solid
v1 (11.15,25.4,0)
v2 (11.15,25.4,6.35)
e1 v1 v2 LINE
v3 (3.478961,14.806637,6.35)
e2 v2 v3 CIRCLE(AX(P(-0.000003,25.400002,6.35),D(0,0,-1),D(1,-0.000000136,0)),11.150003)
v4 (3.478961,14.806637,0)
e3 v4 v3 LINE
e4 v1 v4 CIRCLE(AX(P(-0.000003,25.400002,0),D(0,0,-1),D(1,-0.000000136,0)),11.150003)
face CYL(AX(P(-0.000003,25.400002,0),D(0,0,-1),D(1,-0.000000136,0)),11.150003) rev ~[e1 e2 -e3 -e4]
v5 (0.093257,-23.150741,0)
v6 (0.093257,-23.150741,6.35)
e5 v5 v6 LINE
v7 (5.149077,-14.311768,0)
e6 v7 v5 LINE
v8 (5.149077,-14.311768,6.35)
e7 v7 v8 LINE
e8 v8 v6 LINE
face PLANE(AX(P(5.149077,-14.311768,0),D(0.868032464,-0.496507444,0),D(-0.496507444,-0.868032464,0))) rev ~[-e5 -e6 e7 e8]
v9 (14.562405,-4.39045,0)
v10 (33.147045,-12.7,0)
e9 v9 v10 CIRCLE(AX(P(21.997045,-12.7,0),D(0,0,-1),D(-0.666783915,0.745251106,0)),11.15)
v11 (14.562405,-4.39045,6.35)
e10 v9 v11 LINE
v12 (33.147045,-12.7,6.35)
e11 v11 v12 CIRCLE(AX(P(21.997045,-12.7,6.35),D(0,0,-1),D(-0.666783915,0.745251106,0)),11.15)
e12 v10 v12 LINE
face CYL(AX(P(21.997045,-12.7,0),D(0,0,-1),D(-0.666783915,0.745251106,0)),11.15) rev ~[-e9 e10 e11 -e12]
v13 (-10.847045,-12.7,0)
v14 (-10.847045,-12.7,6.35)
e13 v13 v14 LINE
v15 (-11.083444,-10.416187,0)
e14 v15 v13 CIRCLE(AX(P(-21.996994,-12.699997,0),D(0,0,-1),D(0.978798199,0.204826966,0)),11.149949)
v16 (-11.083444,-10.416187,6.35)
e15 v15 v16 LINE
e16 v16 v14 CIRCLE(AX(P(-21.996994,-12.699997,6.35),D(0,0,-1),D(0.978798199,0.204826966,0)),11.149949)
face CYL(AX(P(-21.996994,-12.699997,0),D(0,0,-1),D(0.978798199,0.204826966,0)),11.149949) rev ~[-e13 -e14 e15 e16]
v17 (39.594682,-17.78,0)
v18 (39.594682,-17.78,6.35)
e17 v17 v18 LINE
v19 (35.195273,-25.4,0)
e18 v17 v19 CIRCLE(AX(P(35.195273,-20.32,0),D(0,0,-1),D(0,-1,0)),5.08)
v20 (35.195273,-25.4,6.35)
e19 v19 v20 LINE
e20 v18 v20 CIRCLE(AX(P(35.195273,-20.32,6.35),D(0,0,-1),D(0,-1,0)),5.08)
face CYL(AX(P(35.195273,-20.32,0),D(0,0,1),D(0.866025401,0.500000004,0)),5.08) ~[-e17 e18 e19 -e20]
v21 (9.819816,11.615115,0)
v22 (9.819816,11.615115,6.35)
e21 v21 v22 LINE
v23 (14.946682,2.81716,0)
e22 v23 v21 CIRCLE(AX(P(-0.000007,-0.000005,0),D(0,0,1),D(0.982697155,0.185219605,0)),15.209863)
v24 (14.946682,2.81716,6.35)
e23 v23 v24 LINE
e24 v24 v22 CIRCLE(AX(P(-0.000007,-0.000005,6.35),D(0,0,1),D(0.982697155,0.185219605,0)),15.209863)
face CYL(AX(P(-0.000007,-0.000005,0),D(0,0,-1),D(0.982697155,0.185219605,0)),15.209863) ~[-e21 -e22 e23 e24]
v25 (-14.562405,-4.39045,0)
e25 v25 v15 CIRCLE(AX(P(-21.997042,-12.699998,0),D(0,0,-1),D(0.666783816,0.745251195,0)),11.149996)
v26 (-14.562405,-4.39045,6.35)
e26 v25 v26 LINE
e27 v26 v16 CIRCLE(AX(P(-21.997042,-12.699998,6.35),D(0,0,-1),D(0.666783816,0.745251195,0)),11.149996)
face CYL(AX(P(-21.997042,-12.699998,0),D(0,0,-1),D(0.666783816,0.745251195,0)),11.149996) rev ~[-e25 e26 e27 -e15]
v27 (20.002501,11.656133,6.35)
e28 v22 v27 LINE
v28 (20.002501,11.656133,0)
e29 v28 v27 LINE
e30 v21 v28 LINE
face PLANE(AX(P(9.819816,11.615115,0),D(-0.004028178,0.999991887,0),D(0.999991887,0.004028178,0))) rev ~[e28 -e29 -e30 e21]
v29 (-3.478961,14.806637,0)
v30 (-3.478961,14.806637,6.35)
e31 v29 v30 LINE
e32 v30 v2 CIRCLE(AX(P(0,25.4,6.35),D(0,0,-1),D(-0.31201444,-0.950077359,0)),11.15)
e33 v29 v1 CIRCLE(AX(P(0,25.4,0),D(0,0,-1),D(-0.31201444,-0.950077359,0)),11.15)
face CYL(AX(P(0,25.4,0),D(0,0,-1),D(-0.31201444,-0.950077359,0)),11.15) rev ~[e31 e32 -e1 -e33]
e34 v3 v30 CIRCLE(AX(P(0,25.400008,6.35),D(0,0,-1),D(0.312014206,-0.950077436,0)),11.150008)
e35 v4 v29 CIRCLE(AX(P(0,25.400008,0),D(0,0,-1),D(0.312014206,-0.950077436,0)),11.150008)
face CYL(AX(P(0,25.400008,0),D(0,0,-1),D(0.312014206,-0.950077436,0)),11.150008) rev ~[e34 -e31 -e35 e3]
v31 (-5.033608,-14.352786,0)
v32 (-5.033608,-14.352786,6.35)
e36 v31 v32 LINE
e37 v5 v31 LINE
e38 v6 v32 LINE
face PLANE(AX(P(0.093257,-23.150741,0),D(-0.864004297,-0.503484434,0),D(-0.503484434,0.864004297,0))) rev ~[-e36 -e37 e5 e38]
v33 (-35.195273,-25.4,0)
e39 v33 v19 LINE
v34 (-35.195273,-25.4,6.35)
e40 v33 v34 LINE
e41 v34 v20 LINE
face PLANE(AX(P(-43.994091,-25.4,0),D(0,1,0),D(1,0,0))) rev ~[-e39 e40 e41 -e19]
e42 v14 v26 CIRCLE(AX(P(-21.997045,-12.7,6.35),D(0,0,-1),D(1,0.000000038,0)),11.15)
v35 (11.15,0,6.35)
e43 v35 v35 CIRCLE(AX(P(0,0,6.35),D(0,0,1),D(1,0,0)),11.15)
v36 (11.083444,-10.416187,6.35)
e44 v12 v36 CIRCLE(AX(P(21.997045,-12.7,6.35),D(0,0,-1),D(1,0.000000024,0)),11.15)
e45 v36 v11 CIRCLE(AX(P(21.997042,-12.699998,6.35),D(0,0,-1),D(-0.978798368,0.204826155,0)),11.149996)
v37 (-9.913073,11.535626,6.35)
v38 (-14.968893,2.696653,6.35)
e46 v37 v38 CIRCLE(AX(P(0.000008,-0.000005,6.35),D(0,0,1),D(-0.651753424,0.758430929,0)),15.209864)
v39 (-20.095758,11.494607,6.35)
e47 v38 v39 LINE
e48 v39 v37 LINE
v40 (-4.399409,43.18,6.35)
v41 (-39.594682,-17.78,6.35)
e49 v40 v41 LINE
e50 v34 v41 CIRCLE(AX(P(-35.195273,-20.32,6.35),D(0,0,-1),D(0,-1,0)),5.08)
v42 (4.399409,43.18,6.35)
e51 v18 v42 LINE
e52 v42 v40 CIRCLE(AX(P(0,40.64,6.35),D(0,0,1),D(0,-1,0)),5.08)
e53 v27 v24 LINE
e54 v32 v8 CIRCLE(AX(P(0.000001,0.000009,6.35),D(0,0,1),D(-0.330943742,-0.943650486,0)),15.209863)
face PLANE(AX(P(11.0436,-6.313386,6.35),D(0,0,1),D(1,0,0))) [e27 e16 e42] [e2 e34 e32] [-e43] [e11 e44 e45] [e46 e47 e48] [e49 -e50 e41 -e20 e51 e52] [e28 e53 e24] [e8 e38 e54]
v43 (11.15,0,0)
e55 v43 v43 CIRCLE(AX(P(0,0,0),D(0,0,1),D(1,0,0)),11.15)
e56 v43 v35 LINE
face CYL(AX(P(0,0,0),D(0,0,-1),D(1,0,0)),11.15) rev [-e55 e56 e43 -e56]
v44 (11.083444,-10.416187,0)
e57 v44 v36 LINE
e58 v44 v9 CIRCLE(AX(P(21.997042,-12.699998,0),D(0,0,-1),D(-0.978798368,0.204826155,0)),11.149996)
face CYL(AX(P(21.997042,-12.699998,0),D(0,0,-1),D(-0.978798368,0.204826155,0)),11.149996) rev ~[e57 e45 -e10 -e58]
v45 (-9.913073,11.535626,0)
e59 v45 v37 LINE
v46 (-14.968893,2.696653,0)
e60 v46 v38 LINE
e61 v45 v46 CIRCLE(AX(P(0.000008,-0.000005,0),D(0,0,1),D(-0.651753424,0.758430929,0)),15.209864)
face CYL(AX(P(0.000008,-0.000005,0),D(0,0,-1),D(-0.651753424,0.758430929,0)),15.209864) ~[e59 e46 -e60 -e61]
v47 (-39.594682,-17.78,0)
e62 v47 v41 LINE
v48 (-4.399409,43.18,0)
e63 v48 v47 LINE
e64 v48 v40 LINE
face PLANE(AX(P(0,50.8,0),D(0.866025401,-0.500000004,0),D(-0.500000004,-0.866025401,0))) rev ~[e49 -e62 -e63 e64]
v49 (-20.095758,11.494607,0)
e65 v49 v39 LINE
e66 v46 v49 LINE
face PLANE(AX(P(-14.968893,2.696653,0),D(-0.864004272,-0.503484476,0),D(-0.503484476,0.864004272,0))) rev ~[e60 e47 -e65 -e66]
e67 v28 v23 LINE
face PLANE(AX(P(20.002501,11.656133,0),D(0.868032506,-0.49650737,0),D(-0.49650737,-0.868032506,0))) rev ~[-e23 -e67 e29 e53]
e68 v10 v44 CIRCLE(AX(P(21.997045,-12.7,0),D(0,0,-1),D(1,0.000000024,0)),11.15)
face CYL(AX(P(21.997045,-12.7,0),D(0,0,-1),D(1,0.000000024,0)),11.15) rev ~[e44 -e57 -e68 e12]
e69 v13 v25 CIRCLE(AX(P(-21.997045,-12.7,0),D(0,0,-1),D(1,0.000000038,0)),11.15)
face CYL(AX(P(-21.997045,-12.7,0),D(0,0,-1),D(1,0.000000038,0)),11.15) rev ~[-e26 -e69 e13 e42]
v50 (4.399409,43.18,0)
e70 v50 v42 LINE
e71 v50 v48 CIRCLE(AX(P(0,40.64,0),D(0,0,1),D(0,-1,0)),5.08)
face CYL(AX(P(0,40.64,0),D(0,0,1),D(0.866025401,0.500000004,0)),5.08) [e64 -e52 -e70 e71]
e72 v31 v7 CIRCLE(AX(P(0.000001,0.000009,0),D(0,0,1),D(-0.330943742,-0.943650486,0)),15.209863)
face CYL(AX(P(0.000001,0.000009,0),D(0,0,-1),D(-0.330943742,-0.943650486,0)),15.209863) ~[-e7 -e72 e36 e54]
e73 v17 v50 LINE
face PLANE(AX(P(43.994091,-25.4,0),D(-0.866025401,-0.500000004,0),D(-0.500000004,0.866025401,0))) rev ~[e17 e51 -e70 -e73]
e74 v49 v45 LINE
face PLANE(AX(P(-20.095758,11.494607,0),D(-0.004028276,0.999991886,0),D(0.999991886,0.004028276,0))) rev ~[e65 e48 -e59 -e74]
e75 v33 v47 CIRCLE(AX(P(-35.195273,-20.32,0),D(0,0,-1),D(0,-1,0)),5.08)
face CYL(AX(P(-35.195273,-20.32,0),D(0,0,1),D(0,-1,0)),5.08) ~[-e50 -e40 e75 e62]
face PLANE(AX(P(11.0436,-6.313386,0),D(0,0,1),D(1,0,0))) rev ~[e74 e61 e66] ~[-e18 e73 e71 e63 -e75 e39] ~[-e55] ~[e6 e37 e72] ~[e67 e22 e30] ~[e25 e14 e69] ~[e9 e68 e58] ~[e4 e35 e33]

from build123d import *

# Parameters (mm, degrees)
F1_DEPTH = 6.35
F0_R     = 11.15
F2_DEPTH = 6.35
F3_R     = 5.08


with BuildPart() as f1:
    # F0 (on Top) → F1 (new body)
    with BuildSketch(Plane.XY):
        Polygon((43.994091, -25.4), (0, 50.8), (-43.994091, -25.4), align=None)
        with BuildLine():
            ThreePointArc((-3.478961, 14.806637), (-6.539575, 34.430861), (11.15, 25.4))
            ThreePointArc((11.15, 25.4), (9.030861, 18.860425), (3.478961, 14.806637))
            ThreePointArc((3.478961, 14.806637), (6.838188, 13.58598), (9.819816, 11.615115))
            Line((9.819816, 11.615115), (20.002501, 11.656133))
            Line((20.002501, 11.656133), (14.946682, 2.81716))
            ThreePointArc((14.946682, 2.81716), (15.143919, 1.414713), (15.209855, 0))
            ThreePointArc((15.209855, 0), (15.047122, -2.218966), (14.562405, -4.39045))
            ThreePointArc((14.562405, -4.39045), (26.548213, -2.521131), (33.147045, -12.7))
            ThreePointArc((33.147045, -12.7), (20.849038, -23.790743), (11.083444, -10.416187))
            ThreePointArc((11.083444, -10.416187), (8.34671, -12.715035), (5.149077, -14.311768))
            Line((5.149077, -14.311768), (0.093257, -23.150741))
            Line((0.093257, -23.150741), (-5.033608, -14.352786))
            ThreePointArc((-5.033608, -14.352786), (-8.295423, -12.748554), (-11.083444, -10.416187))
            ThreePointArc((-11.083444, -10.416187), (-10.906302, -11.551993), (-10.847045, -12.7))
            ThreePointArc((-10.847045, -12.7), (-32.175914, -17.251168), (-14.562405, -4.39045))
            ThreePointArc((-14.562405, -4.39045), (-15.184898, -0.870945), (-14.968893, 2.696653))
            Line((-14.968893, 2.696653), (-20.095758, 11.494607))
            Line((-20.095758, 11.494607), (-9.913073, 11.535626))
            ThreePointArc((-9.913073, 11.535626), (-6.89286, 13.558324), (-3.478961, 14.806637))
        make_face(mode=Mode.SUBTRACT)
    extrude(amount=F1_DEPTH)

    # F0 (on Top) → F2 (join)
    with BuildSketch(Plane.XY):
        with BuildLine():
            ThreePointArc((15.209855, 0), (15.143919, 1.414713), (14.946682, 2.81716))
            Line((14.946682, 2.81716), (5.149077, -14.311768))
            ThreePointArc((5.149077, -14.311768), (8.34671, -12.715035), (11.083444, -10.416187))
            ThreePointArc((11.083444, -10.416187), (12.340862, -7.125), (14.562405, -4.39045))
            ThreePointArc((14.562405, -4.39045), (15.047122, -2.218966), (15.209855, 0))
        make_face()
        with BuildLine():
            ThreePointArc((3.478961, 14.806637), (0, 14.25), (-3.478961, 14.806637))
            ThreePointArc((-3.478961, 14.806637), (-6.89286, 13.558324), (-9.913073, 11.535626))
            Line((-9.913073, 11.535626), (9.819816, 11.615115))
            ThreePointArc((9.819816, 11.615115), (6.838188, 13.58598), (3.478961, 14.806637))
        make_face()
        with BuildLine():
            Line((-5.033608, -14.352786), (-14.968893, 2.696653))
            ThreePointArc((-14.968893, 2.696653), (-15.184898, -0.870945), (-14.562405, -4.39045))
            ThreePointArc((-14.562405, -4.39045), (-12.340862, -7.125), (-11.083444, -10.416187))
            ThreePointArc((-11.083444, -10.416187), (-8.295423, -12.748554), (-5.033608, -14.352786))
        make_face()
        with BuildLine():
            Line((9.819816, 11.615115), (-9.913073, 11.535626))
            ThreePointArc((-9.913073, 11.535626), (-13.202648, 7.551805), (-14.968893, 2.696653))
            Line((-14.968893, 2.696653), (-5.033608, -14.352786))
            ThreePointArc((-5.033608, -14.352786), (0.061269, -15.209731), (5.149077, -14.311768))
            Line((5.149077, -14.311768), (14.946682, 2.81716))
            ThreePointArc((14.946682, 2.81716), (13.141379, 7.657926), (9.819816, 11.615115))
        make_face()
        Circle(F0_R, mode=Mode.SUBTRACT)
    extrude(amount=F2_DEPTH)

    # F3
    f3_edges = [f1.edges().sort_by_distance(p)[0] for p in [
        (0, 50.8, 3.175),
        (43.994091, -25.4, 3.175),
        (-43.994091, -25.4, 3.175),
    ]]
    fillet(f3_edges, radius=F3_R)


solid = f1.part
